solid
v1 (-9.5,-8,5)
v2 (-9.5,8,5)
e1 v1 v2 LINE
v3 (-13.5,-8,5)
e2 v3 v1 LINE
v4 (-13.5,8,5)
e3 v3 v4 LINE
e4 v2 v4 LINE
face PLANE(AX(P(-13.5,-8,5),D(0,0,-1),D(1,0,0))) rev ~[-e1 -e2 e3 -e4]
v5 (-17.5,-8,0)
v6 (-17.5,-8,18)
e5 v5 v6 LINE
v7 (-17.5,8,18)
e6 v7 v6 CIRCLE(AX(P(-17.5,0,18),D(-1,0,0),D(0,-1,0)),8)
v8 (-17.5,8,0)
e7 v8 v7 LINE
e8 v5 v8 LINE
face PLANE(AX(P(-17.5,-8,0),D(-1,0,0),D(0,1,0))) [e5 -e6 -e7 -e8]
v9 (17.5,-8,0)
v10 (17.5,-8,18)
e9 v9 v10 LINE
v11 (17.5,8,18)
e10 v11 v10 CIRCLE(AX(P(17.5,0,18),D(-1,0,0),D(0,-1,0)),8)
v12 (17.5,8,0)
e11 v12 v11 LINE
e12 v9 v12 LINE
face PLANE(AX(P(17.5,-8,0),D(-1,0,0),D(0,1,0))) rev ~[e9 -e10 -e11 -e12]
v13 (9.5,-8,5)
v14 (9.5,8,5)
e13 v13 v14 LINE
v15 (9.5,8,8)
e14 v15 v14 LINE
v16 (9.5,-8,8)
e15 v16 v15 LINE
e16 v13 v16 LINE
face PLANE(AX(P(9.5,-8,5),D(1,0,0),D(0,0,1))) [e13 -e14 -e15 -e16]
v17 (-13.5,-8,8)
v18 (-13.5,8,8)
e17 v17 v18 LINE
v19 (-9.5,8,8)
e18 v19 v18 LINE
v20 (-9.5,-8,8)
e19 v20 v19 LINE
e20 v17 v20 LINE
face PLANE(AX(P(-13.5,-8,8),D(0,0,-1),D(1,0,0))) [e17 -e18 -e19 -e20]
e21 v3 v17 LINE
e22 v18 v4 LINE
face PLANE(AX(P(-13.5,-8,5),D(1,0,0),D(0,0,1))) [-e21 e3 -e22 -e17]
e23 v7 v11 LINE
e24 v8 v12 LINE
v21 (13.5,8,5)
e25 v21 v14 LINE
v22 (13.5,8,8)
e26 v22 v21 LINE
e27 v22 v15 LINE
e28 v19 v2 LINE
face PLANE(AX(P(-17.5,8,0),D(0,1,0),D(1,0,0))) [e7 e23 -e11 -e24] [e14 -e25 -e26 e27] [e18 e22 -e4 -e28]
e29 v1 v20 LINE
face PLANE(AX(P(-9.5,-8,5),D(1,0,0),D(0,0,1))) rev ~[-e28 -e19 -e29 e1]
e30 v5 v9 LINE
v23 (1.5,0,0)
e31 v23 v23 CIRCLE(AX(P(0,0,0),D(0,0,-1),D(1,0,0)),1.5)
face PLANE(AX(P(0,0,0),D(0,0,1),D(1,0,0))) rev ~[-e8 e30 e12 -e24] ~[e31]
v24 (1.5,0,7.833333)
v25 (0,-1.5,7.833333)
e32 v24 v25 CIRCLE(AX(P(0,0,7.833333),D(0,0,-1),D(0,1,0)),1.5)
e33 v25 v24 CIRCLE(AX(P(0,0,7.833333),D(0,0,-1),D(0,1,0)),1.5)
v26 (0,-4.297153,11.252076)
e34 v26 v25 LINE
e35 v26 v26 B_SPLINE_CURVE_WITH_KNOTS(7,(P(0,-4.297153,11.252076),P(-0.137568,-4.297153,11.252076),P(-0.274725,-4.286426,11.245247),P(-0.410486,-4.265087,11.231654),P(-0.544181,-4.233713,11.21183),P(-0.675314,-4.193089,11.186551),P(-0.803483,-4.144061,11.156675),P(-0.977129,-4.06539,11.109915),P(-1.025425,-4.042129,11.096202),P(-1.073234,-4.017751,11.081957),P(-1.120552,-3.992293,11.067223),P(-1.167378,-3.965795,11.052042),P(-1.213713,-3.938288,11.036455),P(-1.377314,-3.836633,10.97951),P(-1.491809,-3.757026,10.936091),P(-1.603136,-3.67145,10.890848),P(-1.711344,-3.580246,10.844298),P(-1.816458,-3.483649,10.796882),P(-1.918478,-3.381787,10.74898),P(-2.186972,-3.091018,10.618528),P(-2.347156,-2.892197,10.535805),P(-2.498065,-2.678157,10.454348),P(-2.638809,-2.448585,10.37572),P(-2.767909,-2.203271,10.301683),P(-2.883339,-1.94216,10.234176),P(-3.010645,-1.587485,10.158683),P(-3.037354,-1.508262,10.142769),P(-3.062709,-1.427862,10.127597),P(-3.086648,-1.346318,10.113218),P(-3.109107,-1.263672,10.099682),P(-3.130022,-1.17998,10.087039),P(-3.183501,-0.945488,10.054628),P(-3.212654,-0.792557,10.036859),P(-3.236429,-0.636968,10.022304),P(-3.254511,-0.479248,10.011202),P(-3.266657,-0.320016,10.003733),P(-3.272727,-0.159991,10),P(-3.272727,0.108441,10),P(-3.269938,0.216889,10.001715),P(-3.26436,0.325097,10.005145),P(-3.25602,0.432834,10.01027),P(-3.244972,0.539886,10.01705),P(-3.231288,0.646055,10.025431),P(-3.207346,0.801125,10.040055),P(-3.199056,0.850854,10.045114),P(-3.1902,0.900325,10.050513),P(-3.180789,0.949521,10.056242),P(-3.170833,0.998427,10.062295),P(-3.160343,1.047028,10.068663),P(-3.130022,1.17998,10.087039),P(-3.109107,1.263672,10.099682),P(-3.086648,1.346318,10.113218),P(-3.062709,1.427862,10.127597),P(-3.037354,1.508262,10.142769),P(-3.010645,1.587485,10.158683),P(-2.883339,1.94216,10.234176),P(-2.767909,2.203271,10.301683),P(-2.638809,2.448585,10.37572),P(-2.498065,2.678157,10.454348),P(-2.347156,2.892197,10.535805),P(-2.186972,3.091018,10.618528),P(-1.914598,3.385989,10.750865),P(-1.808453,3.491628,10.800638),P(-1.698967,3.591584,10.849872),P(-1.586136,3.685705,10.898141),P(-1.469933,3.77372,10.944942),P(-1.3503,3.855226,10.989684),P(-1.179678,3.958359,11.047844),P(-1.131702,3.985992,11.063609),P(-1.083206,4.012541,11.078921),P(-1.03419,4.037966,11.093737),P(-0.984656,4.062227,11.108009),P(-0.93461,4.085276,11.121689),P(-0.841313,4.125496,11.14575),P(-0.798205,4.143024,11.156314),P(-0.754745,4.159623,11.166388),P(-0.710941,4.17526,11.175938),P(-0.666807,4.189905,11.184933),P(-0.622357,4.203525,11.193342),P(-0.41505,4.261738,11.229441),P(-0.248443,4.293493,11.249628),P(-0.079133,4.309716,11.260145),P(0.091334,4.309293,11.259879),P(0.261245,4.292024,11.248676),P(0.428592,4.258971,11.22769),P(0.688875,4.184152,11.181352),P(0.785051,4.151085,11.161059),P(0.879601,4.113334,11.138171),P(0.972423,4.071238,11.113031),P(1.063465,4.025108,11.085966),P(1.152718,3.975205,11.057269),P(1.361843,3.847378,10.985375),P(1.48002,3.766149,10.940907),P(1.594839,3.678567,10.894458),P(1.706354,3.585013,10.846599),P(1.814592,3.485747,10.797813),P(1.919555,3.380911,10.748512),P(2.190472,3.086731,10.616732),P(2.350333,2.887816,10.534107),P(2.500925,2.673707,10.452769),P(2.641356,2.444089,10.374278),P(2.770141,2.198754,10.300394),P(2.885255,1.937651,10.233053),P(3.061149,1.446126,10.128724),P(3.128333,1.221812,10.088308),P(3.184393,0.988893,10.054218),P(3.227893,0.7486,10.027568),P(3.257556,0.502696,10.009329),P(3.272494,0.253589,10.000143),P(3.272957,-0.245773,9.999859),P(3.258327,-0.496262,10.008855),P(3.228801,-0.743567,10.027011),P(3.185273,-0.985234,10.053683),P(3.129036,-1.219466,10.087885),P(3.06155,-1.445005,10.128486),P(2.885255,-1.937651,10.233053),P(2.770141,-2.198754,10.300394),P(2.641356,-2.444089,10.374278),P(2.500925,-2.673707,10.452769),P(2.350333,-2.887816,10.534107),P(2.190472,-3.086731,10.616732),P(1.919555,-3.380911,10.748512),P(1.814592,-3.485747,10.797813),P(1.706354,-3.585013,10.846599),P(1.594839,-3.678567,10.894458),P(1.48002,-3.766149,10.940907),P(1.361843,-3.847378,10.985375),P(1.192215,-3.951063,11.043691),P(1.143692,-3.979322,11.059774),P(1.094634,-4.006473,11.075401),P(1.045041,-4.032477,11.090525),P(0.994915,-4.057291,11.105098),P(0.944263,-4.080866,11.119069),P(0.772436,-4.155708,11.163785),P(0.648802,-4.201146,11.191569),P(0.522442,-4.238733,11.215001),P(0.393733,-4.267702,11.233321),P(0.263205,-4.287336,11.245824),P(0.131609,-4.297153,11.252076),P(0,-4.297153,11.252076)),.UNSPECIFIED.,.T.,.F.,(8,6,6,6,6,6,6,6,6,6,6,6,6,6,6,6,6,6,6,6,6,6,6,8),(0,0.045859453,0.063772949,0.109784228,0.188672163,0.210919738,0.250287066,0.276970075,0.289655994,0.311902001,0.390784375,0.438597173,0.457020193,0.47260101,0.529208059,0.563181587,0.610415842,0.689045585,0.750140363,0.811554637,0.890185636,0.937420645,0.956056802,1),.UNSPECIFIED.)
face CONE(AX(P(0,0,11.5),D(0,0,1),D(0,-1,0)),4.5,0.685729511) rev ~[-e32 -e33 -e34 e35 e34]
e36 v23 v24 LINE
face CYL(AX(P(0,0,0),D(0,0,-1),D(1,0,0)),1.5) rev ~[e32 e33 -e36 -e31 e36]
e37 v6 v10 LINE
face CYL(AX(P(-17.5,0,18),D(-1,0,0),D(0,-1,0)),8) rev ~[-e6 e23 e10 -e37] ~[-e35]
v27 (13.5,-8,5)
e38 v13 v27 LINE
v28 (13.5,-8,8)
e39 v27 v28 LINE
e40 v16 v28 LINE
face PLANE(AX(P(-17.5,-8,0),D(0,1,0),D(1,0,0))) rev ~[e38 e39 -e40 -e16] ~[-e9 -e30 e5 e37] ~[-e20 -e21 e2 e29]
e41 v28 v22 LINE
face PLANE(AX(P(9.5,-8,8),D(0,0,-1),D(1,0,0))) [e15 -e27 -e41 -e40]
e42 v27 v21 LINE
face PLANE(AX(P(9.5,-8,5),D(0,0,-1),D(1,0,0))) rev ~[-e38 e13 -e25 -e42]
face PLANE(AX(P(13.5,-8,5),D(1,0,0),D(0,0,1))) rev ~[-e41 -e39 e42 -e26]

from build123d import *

# Parameters (mm, degrees)
F0_W     = 35
F0_H     = 16
F1_DEPTH = 18
F2_R     = 8
F3_DEPTH = 40
F4_W     = 4
F4_H     = 3
F5_DEPTH = 25
F6_R     = 1.5
F7_DEPTH = 18.001


with BuildPart() as f1:
    # F0 (on Top) → F1 (new body)
    with BuildSketch(Plane.XY):
        Rectangle(F0_W, F0_H)
    extrude(amount=F1_DEPTH)

    # F2 (on face) → F3 (cut)
    with BuildSketch(Plane(origin=(-17.5, 0, 0), x_dir=(0, -1, 0), z_dir=(-1, 0, 0))):
        with Locations((0, 18)):
            Circle(F2_R)
    extrude(amount=-F3_DEPTH, mode=Mode.SUBTRACT)

    # F4 (on face) → F5 (cut)
    with BuildSketch(Plane.XZ.offset(8)):
        with Locations((-11.5, 6.5)):
            Rectangle(F4_W, F4_H)
        with Locations((11.5, 6.5)):
            Rectangle(F4_W, F4_H)
    extrude(amount=-F5_DEPTH, mode=Mode.SUBTRACT)

    # F6 (on face) → F7 (cut, through all)
    with BuildSketch(Plane(origin=(0, 0, 0), x_dir=(1, 0, 0), z_dir=(0, 0, -1))):
        Circle(F6_R)
    extrude(amount=-F7_DEPTH, mode=Mode.SUBTRACT)

    # F8 (on Right) → F9 (revolve, cut)
    with BuildSketch(Plane.YZ):
        Polygon((-4.5, 11.5), (0, 6), (0, 11.5), align=None)
    revolve(axis=Axis((0, 0, 8.75), (0, 0, -1)), mode=Mode.SUBTRACT)


solid = f1.part
